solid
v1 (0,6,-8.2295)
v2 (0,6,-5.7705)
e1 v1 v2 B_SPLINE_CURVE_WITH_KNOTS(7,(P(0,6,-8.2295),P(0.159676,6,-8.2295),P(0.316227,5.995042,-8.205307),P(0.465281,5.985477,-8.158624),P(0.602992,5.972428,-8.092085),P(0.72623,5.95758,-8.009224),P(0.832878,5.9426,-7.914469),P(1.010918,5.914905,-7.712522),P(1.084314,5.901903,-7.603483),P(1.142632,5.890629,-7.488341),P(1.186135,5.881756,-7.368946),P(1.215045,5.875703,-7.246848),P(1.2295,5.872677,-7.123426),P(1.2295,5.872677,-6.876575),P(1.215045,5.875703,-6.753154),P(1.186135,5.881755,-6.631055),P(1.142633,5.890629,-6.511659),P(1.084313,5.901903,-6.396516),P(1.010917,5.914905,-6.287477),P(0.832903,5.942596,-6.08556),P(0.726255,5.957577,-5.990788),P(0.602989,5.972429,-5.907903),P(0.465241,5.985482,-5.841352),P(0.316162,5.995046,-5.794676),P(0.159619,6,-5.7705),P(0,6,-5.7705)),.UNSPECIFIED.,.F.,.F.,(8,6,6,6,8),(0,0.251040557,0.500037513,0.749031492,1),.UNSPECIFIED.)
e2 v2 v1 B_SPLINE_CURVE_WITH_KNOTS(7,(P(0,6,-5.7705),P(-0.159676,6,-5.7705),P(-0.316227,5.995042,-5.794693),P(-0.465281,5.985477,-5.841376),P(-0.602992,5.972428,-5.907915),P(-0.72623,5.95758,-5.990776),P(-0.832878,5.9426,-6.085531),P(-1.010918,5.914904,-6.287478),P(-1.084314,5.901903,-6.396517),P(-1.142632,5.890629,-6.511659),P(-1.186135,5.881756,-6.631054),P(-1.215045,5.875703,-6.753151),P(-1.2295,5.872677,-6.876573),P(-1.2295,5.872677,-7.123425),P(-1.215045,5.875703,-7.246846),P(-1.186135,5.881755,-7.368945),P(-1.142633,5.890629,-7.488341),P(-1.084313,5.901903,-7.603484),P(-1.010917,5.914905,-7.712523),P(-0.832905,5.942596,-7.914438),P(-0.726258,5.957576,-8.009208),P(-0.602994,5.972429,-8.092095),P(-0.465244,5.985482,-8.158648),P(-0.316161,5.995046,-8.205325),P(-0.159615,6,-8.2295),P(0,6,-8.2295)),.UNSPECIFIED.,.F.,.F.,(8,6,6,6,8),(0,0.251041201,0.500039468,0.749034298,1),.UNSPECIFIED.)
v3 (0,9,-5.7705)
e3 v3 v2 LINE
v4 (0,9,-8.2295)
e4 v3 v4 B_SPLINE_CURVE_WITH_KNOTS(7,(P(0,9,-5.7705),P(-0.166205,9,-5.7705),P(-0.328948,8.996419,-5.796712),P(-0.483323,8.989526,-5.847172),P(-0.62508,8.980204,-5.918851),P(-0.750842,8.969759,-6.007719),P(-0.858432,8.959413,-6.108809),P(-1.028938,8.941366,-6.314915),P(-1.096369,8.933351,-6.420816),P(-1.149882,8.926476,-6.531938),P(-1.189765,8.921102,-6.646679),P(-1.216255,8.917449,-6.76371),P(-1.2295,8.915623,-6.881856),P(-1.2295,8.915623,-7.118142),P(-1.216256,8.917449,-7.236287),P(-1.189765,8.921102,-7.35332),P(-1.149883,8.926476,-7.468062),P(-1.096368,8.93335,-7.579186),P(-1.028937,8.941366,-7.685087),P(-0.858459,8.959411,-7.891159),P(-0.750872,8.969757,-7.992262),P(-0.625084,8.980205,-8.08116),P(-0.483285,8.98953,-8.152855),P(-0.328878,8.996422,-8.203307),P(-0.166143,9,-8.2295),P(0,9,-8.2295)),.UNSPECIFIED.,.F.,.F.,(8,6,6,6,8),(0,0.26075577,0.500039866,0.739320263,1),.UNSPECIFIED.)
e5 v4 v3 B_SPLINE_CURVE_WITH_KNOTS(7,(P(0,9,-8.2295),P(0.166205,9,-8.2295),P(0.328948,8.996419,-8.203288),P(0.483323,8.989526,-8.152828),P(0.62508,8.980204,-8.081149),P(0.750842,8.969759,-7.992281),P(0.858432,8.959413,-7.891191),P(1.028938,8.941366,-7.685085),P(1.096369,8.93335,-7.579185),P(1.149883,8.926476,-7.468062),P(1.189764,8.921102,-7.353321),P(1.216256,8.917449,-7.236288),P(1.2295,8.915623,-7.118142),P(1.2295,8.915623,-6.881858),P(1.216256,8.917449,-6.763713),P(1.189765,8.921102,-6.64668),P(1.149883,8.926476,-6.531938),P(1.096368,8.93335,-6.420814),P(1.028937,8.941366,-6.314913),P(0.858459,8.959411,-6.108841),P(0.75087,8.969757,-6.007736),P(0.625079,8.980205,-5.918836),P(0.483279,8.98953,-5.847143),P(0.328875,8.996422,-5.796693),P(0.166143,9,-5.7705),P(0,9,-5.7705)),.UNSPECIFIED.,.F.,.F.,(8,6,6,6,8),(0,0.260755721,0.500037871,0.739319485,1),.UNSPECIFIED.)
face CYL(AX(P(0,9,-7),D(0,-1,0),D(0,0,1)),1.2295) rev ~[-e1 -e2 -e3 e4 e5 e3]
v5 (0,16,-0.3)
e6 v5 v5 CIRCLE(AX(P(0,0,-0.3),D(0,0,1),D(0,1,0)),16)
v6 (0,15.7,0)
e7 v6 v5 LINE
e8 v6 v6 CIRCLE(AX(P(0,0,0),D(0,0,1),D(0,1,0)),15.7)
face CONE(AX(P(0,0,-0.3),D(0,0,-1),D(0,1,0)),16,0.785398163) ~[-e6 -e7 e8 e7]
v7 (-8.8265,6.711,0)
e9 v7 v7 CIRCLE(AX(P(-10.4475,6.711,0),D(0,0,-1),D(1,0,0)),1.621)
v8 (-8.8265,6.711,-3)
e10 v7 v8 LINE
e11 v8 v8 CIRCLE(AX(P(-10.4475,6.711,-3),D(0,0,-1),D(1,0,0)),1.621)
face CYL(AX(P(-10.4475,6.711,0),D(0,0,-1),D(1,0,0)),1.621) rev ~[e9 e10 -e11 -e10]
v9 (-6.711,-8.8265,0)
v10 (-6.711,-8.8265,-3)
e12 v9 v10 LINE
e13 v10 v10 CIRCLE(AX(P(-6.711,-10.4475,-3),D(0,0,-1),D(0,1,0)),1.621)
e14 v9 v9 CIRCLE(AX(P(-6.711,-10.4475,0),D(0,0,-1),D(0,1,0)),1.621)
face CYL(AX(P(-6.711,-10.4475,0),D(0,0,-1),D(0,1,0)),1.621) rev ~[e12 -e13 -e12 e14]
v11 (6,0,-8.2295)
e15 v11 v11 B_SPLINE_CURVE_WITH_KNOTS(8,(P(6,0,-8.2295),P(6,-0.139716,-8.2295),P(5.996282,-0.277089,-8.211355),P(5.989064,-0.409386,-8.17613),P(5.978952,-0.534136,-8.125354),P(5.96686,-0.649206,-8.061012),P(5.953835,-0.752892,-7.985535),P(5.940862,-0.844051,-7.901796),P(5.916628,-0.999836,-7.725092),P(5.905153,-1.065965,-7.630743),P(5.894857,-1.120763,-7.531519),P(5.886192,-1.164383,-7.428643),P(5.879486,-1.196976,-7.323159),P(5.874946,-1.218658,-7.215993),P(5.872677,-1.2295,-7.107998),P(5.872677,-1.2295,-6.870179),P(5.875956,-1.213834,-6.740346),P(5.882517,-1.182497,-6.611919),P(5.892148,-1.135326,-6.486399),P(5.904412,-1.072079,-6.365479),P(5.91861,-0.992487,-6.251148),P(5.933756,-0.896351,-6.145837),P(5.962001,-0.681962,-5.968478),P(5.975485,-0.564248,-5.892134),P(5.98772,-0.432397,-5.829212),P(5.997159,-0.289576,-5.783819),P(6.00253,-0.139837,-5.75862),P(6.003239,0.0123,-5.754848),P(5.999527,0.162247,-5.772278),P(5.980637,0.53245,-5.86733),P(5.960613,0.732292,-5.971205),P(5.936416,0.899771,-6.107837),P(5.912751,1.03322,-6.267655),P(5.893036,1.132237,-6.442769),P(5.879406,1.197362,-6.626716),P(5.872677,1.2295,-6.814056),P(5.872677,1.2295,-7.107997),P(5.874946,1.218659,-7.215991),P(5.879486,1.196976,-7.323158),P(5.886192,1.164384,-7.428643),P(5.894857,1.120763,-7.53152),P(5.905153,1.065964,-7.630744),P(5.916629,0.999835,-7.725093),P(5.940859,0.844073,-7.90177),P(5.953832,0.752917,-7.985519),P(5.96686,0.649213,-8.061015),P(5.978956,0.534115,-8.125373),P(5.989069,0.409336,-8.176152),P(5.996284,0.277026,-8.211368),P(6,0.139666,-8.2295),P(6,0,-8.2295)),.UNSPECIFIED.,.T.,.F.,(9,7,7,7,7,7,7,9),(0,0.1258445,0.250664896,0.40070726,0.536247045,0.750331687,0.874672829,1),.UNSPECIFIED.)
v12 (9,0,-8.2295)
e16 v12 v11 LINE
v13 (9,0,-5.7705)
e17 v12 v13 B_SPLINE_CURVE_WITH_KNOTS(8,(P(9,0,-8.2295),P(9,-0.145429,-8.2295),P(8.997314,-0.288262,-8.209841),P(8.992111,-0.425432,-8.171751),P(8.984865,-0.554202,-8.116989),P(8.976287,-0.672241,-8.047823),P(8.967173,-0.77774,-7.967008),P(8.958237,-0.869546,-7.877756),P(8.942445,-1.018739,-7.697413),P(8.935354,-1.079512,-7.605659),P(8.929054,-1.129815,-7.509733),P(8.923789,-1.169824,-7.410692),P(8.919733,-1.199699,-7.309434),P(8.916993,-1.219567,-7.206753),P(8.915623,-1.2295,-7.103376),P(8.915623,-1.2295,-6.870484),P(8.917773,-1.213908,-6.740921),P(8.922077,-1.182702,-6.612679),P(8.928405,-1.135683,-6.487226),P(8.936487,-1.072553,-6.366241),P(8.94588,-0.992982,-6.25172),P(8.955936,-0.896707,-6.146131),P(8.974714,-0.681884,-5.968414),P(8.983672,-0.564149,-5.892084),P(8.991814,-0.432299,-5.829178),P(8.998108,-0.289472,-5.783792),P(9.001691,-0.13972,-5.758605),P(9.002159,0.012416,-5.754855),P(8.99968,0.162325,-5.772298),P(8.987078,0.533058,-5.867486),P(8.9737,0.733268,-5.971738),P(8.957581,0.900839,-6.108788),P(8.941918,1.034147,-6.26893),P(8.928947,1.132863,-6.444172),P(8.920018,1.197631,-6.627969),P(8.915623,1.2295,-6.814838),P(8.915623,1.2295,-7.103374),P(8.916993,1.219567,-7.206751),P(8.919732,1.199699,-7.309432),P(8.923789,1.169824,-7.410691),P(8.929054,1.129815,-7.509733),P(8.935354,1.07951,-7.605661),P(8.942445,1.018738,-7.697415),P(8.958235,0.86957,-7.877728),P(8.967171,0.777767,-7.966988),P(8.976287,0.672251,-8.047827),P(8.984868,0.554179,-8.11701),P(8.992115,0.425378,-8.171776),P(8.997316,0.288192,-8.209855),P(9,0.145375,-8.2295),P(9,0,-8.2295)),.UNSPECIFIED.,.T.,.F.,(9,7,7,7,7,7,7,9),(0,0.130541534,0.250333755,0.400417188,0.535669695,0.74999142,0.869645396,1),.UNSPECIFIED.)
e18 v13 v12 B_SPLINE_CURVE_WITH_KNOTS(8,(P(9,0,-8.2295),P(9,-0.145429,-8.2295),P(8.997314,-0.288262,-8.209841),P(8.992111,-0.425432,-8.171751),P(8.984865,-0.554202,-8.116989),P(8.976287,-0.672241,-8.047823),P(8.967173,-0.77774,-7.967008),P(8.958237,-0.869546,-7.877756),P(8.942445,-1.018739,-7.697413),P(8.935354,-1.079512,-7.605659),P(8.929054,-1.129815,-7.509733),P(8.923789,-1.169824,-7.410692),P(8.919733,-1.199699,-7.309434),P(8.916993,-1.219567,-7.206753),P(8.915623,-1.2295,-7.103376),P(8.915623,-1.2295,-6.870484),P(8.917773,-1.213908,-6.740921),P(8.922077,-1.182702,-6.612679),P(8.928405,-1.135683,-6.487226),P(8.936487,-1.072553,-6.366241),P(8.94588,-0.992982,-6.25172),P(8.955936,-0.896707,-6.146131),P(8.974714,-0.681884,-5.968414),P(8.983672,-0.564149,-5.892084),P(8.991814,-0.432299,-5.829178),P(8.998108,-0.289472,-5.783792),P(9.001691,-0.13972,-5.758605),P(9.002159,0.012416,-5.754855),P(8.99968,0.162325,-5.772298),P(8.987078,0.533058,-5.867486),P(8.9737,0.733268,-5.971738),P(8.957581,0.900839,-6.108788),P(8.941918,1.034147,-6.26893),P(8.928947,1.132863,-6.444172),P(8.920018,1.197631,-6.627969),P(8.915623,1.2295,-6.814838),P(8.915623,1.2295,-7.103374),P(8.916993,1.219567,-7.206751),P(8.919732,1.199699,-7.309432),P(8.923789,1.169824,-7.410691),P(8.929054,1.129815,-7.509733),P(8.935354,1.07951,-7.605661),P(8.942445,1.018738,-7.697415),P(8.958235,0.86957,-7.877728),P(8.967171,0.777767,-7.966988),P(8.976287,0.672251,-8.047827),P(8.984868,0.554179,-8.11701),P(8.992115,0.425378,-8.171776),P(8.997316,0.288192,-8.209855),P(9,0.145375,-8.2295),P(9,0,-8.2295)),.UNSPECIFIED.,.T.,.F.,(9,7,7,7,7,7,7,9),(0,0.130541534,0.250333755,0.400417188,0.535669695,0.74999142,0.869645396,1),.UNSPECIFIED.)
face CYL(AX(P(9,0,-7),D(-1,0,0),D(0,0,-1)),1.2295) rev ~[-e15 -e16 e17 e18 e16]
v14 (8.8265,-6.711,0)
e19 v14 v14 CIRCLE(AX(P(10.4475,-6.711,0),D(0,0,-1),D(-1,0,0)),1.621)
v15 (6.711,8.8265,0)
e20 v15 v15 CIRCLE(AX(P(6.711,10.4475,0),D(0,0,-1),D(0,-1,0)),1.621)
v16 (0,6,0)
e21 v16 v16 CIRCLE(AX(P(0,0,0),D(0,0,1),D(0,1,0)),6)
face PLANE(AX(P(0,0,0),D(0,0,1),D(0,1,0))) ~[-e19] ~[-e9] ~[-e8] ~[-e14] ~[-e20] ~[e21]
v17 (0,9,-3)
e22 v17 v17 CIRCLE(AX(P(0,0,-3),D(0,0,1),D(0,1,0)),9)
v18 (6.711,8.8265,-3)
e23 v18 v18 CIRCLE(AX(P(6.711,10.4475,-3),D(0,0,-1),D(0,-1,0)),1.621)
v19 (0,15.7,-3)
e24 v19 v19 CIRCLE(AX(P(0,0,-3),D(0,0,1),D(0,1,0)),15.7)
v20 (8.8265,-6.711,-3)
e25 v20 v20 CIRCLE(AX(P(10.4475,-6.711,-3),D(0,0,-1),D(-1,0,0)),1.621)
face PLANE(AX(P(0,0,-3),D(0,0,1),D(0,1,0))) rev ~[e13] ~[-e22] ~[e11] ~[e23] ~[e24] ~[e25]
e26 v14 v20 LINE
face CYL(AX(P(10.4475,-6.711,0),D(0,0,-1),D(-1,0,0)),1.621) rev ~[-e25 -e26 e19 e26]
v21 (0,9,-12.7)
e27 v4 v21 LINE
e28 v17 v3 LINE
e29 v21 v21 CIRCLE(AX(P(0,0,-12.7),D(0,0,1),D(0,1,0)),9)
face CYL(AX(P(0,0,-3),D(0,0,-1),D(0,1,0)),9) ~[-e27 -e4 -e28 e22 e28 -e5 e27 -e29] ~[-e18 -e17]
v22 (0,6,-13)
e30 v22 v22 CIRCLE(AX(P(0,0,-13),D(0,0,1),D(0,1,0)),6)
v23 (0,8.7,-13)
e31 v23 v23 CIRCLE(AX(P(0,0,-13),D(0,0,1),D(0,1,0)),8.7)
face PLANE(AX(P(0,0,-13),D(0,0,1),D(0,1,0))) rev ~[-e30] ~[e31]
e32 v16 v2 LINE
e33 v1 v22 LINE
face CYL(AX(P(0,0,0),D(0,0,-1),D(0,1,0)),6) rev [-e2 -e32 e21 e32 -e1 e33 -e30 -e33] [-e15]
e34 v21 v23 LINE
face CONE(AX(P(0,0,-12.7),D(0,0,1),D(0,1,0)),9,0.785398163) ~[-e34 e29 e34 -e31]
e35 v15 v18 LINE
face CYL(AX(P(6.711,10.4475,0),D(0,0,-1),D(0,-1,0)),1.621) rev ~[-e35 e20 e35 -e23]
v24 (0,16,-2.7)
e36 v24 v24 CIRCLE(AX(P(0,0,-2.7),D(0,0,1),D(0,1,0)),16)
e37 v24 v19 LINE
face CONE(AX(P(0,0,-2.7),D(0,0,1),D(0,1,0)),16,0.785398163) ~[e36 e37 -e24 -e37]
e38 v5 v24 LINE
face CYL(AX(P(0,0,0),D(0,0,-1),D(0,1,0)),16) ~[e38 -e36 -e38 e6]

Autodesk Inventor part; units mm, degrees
ref_plane "XY Plane" through (0, 0, 0) normal (0, 0, 1) x (1, 0, 0)
sketch "Sketch1" plane through (0, 0, 0) normal (1, 0, 0) x (0, 1, 0)
  line L0 (6, 0) -> (16, 0)
  line L1 (16, 0) -> (16, -3)
  line L2 (16, -3) -> (9, -3)
  line L3 (9, -3) -> (9, -13)
  line L4 (9, -13) -> (6, -13)
  line L5 (6, 0) -> (6, -13)
  line L6 (0, -15.6) -> (0, 2.6) projected
  point P0 (0, 0)
  dimension "d1" = 3
  dimension "d3" = 10
  dimension "d23" = 3
  dimension "d24" = 10
  dimension "d25" = 6
revolve "Revolution1" add sketch "Sketch1" angle 360 about axis through (0, 0, -10) along (0, 0, 1)
chamfer "Chamfer1" distance 0.3 angle 45 3 edges at (0, -16, 0) (0, -16, -3) (0, -9, -13)
sketch "Sketch4" plane through (0, 0, 0) normal (0, 0, 1) x (1, 0, 0)
  line L0 (8.4853, 8.4853) -> (0, 0)
  line L1 (-22.4, 0) -> (22.4, 0) projected
  point P0 (6.711, 10.4475)
  dimension "d37" = 45
  dimension "d38" = 8.4853
hole "Hole3" at (6.711, 10.4475, 0) direction (0, 0, -1) diameter 3.242 depth 6 tip angle 118 thread size "M4x0.7" class "6H" standard "ISO Metric profile"
pattern_circular "Circular Pattern1" count 4 over 360 about axis through (0, 0, -10) along (0, 0, 1) of "Hole3"
ref_plane "Work Plane1" through (0, 9, 0) normal (0, 1, 0) x (-1, 0, 0)
ref_plane "Work Plane2" through (9, 0, 0) normal (1, 0, 0) x (0, 1, 0)
sketch "Sketch5" plane through (0, 9, 0) normal (0, 1, 0) x (-1, 0, 0)
  line L0 (8.7, -13) -> (-8.7, -13) projected
  point P0 (0, 0)
  point P1 (0, -7)
  dimension "d41" = 6
sketch "Sketch6" plane through (9, 0, 0) normal (1, 0, 0) x (0, 1, 0)
  line L0 (8.7, -13) -> (-8.7, -13) projected
  point P0 (0, 0)
  point P1 (0, -7)
  dimension "d42" = 6
hole "Hole4" at (0, 9, -7) direction (0, -1, 0) diameter 2.459 depth 8.8 tip angle 118 thread size "M3x0.5" class "6H" standard "ISO Metric profile"
hole "Hole5" at (9, 0, -7) direction (-1, 0, 0) diameter 2.459 depth 8.8 tip angle 118 thread size "M3x0.5" class "6H" standard "ISO Metric profile"
properties part number "kolnierz"
